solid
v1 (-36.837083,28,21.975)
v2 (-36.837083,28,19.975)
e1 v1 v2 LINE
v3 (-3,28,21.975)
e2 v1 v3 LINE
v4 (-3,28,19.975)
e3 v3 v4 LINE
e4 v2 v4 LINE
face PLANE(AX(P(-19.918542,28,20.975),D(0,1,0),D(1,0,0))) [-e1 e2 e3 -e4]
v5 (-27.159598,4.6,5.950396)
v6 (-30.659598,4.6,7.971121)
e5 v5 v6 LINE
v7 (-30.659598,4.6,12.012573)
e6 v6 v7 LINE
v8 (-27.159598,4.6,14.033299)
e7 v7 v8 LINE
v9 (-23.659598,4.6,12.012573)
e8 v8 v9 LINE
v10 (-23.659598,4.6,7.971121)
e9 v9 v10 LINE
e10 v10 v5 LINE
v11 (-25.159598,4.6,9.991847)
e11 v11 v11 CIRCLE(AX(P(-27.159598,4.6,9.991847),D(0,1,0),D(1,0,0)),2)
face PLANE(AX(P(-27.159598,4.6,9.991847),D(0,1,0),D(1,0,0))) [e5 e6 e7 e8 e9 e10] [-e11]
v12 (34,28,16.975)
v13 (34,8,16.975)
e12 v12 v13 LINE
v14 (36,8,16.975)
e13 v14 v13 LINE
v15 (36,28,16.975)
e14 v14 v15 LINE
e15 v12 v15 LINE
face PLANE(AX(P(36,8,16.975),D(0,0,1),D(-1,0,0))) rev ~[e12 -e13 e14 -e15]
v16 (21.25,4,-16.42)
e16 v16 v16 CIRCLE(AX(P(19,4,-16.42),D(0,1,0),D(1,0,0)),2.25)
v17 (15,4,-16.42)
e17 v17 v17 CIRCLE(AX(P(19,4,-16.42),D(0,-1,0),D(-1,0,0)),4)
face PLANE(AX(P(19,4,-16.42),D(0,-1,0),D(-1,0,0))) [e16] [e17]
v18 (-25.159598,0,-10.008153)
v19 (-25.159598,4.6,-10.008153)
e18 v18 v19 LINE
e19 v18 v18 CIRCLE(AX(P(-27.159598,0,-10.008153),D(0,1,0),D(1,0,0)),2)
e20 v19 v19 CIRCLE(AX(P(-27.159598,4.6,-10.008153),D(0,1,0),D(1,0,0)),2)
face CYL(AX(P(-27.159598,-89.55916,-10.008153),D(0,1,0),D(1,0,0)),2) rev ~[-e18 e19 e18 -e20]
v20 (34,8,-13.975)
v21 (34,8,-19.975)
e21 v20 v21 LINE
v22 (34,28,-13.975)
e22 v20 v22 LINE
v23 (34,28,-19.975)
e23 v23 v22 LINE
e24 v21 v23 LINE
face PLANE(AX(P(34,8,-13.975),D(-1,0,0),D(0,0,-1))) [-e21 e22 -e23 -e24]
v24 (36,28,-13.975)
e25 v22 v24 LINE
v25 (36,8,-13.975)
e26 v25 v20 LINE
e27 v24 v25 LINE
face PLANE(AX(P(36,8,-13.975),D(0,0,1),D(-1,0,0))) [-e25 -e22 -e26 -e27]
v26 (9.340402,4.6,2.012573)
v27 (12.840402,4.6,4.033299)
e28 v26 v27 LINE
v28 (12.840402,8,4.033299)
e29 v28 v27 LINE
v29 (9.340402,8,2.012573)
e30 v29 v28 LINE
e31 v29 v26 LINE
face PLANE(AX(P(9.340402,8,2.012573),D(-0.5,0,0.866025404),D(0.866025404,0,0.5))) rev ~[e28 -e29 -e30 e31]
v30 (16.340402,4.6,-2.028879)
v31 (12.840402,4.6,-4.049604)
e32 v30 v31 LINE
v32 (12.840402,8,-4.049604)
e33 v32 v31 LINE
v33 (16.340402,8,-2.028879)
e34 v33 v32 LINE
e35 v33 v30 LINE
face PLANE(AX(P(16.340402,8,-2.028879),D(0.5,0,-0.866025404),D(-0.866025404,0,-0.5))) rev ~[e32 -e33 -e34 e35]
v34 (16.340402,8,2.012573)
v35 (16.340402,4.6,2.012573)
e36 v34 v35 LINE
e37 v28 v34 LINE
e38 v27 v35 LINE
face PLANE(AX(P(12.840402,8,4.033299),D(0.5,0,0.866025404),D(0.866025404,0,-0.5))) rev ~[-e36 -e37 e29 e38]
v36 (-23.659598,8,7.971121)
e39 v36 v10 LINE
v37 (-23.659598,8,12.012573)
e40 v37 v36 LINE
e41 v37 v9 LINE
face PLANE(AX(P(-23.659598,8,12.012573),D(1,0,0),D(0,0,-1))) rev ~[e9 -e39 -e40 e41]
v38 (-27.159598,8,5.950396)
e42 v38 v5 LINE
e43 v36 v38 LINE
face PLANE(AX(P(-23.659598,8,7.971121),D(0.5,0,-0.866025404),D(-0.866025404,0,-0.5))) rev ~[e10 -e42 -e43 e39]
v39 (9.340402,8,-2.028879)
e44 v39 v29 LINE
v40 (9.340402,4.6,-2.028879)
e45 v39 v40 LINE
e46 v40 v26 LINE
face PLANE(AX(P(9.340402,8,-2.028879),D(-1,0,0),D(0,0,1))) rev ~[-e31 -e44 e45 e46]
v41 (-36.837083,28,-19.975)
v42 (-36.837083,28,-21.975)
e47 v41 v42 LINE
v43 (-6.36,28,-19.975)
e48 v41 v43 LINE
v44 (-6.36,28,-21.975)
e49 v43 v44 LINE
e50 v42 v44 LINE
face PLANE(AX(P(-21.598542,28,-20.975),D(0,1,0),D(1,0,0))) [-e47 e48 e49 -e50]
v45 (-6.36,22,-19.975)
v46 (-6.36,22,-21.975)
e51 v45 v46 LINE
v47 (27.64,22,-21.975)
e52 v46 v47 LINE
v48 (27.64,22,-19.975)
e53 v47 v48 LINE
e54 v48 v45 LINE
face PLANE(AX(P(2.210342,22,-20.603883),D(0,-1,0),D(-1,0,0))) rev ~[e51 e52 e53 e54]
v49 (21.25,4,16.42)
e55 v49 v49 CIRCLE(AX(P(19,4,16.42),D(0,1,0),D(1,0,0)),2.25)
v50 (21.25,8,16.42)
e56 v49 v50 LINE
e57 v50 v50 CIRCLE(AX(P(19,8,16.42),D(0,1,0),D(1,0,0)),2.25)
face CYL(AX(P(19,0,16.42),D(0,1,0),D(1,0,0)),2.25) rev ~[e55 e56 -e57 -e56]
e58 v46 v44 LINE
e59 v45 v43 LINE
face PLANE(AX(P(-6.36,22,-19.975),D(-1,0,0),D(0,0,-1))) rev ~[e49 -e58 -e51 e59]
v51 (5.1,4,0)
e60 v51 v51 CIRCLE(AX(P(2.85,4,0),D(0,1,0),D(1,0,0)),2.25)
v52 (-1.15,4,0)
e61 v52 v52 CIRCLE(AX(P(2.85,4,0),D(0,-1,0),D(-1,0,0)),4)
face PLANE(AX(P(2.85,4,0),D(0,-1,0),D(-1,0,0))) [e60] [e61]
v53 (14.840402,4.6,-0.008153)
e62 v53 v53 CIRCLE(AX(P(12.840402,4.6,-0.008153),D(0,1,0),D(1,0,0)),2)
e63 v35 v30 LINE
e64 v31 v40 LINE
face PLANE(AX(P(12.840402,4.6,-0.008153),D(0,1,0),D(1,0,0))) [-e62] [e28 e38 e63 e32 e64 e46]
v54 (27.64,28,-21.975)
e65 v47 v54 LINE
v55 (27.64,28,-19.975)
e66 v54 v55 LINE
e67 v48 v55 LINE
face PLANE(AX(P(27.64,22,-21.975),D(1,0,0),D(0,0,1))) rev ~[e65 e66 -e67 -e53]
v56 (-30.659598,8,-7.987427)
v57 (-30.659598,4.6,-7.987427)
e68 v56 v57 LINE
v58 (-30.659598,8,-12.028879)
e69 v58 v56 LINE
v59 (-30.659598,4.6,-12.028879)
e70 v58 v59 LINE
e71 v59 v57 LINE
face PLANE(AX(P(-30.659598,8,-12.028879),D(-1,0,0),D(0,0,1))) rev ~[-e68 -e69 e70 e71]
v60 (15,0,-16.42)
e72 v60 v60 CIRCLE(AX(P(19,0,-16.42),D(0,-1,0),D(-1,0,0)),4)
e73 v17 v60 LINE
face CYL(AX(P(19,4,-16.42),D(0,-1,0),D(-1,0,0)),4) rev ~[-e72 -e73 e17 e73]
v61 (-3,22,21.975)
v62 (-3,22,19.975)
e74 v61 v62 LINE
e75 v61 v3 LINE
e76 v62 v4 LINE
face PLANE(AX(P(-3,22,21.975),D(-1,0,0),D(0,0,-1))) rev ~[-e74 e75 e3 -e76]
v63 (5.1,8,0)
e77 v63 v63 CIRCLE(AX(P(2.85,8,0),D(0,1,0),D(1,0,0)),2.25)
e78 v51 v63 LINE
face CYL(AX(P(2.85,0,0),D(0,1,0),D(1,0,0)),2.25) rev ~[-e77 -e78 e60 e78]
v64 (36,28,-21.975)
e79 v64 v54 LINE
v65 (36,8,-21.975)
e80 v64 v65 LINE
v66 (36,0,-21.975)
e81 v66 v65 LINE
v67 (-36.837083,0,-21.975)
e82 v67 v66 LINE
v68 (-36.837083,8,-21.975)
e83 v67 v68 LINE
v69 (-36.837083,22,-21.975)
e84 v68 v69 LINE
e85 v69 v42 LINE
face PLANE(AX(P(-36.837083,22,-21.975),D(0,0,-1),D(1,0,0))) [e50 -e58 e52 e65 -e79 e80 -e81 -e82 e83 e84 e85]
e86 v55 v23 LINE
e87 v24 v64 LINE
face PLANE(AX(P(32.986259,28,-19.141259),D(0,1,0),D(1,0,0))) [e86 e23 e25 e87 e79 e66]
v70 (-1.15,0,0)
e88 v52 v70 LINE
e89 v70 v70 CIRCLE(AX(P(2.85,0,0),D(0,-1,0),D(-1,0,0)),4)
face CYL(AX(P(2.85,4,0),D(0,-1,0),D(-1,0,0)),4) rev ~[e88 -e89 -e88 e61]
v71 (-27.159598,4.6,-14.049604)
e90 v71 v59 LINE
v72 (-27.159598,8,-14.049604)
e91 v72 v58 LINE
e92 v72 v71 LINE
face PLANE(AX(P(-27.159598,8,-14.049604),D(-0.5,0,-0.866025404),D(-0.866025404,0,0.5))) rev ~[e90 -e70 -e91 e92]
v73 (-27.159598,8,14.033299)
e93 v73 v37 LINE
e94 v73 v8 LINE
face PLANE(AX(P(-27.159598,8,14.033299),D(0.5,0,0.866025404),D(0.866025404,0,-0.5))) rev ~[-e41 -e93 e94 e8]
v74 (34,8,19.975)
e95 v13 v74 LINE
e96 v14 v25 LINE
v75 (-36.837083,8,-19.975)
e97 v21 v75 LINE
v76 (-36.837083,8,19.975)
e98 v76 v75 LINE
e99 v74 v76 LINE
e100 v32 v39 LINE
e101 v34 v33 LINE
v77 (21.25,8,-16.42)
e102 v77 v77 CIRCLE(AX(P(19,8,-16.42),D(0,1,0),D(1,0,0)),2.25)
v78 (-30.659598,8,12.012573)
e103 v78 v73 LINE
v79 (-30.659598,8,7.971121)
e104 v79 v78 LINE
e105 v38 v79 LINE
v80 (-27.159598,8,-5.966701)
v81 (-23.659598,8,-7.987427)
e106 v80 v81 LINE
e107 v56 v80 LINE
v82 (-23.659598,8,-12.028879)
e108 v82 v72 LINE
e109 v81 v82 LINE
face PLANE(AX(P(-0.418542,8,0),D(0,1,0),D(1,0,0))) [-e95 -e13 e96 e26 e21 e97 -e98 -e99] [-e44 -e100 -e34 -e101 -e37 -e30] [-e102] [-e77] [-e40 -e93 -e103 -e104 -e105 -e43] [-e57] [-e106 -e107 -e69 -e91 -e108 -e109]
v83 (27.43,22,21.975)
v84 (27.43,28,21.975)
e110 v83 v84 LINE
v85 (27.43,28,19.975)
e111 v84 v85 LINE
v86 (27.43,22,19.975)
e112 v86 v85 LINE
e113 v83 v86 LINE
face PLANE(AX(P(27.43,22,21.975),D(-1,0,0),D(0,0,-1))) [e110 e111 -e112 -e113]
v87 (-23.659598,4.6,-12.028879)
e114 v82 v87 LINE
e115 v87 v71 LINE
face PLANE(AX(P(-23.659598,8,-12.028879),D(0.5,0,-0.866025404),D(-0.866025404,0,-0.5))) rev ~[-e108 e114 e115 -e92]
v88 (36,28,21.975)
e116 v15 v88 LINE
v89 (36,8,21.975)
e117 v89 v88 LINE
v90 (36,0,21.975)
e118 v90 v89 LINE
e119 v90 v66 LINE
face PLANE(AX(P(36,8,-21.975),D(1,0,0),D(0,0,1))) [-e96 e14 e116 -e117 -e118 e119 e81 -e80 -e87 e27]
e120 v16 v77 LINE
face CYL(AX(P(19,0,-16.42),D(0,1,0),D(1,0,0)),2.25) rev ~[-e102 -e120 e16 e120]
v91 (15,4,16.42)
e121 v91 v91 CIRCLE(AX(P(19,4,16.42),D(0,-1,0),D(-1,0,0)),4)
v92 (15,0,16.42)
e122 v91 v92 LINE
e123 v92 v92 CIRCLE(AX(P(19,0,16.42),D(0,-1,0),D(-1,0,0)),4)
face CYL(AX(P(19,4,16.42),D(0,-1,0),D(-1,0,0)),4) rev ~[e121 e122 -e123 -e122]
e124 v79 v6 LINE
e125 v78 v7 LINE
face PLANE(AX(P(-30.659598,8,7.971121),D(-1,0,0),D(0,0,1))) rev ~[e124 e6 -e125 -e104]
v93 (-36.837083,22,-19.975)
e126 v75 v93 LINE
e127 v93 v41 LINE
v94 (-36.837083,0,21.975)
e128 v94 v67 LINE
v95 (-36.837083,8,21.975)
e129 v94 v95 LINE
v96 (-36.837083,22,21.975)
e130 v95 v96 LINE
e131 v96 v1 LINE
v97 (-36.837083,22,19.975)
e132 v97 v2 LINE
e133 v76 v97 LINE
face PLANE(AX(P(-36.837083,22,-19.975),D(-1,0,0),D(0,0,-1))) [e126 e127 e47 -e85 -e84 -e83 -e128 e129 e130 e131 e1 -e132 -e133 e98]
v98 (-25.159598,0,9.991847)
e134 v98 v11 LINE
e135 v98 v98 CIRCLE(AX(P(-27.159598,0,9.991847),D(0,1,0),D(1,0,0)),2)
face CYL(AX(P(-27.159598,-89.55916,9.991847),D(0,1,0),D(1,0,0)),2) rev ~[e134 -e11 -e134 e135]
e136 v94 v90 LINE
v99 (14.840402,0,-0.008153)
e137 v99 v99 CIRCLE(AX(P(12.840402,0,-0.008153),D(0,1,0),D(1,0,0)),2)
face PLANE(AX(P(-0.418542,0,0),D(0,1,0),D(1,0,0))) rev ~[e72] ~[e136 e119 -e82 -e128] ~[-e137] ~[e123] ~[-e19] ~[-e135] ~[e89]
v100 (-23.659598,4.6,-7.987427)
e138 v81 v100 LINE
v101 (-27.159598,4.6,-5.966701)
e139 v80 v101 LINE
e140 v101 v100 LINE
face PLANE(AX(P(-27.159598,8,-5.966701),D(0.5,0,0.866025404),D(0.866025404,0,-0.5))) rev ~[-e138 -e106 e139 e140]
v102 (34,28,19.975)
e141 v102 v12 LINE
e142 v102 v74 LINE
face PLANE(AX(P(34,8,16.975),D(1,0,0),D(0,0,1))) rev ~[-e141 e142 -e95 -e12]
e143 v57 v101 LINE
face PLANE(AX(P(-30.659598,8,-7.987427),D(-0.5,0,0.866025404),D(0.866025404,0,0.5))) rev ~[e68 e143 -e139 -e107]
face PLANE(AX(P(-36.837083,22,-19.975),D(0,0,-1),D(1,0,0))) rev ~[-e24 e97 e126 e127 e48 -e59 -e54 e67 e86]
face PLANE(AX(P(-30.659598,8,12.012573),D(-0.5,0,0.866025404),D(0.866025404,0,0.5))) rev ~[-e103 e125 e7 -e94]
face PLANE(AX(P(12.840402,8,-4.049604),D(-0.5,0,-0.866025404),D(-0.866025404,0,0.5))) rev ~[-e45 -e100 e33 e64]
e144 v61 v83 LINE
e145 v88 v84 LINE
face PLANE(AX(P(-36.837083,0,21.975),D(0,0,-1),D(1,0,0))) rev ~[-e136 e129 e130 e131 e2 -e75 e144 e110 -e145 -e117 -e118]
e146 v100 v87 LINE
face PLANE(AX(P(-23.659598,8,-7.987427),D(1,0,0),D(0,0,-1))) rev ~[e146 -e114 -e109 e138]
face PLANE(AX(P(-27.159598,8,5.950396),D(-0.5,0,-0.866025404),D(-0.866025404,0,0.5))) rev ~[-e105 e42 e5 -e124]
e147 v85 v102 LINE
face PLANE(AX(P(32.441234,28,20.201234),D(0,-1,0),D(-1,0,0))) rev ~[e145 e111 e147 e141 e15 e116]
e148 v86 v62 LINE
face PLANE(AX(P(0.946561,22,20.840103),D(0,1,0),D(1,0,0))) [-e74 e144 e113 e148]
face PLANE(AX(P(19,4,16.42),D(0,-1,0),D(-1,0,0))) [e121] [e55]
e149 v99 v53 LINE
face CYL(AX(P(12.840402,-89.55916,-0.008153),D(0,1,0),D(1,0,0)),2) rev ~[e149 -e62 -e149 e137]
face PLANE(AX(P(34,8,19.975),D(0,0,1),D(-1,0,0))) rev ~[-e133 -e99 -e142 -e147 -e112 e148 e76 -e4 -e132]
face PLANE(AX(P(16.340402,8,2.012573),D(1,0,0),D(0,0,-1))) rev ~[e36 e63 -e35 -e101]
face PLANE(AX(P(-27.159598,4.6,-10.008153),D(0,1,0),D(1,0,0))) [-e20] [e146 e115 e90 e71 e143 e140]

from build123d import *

# Parameters (mm, degrees)
SKETCH4_W                      = 72.837083297
SKETCH4_H                      = 43.95
BOSS_EXTRUDE1_DEPTH            = 8
BOSS_EXTRUDE2_DEPTH            = 14
SKETCH6_W                      = 30.477083297
SKETCH6_H                      = 2
SKETCH6_W_2                    = 33.837083297
BOSS_EXTRUDE3_DEPTH            = 6
CBORE_FOR_M4_SHCS1_D           = 4.5
CBORE_FOR_M4_SHCS1_CBORE_D     = 8
CBORE_FOR_M4_SHCS1_CBORE_DEPTH = 4
F_4_0MM_DOWEL_HOLE1_D          = 4
CUT_EXTRUDE1_DEPTH             = 3.4


with BuildPart() as part:
    # Sketch4 → Boss-Extrude1 (new body)
    with BuildSketch(Plane(origin=(0, 0, 0), x_dir=(1, 0, 0), z_dir=(0, 1, 0))):
        with Locations((-0.418541648, 0)):
            Rectangle(SKETCH4_W, SKETCH4_H)
    extrude(amount=BOSS_EXTRUDE1_DEPTH)

    # Sketch5 → Boss-Extrude2 (add)
    with BuildSketch(Plane(origin=(0, 8, 0), x_dir=(1, 0, 0), z_dir=(0, 1, 0))):
        Polygon((36, 13.975), (34, 13.975), (34, 19.975), (-36.837083297, 19.975), (-36.837083297, 21.975), (36, 21.975), align=None)
        Polygon((-36.837083297, -21.975), (36, -21.975), (36, -16.975), (34, -16.975), (34, -19.975), (-36.837083297, -19.975), align=None)
    extrude(amount=BOSS_EXTRUDE2_DEPTH)

    # Sketch6 → Boss-Extrude3 (add)
    with BuildSketch(Plane(origin=(0, 22, 0), x_dir=(1, 0, 0), z_dir=(0, 1, 0))):
        with Locations((-21.598541648, 20.975)):
            Rectangle(SKETCH6_W, SKETCH6_H)
        Polygon((36, 21.975), (27.64, 21.975), (27.64, 19.975), (34, 19.975), (34, 13.975), (36, 13.975), align=None)
        Polygon((36, -21.975), (27.43, -21.975), (27.43, -19.975), (34, -19.975), (34, -16.975), (36, -16.975), align=None)
        with Locations((-19.918541648, -20.975)):
            Rectangle(SKETCH6_W_2, SKETCH6_H)
    extrude(amount=BOSS_EXTRUDE3_DEPTH)

    # CBORE for M4 SHCS1 (through all)
    with Locations(Plane(origin=(0, 0, 0), x_dir=(-1, 0, 0), z_dir=(0, -1, 0))):
        with Locations((-2.85, 0), (-19, 16.42), (-19, -16.42)):
            CounterBoreHole(CBORE_FOR_M4_SHCS1_D / 2, CBORE_FOR_M4_SHCS1_CBORE_D / 2, CBORE_FOR_M4_SHCS1_CBORE_DEPTH)

    # Ø4.0mm Dowel Hole1 (through all)
    with Locations(Plane(origin=(0, 0, 0), x_dir=(-1, 0, 0), z_dir=(0, -1, 0))):
        with Locations((-12.84040165, 0.00815259), (27.15959835, 10.00815259), (27.15959835, -9.99184741)):
            Hole(F_4_0MM_DOWEL_HOLE1_D / 2)

    # Sketch12 → Cut-Extrude1 (cut)
    with BuildSketch(Plane(origin=(0, 8, 0), x_dir=(1, 0, 0), z_dir=(0, 1, 0))):
        Polygon((12.84040165, 4.049604475), (9.34040165, 2.028878533), (9.34040165, -2.012573352), (12.84040165, -4.033299294), (16.34040165, -2.012573352), (16.34040165, 2.028878533), align=None)
        Polygon((-27.15959835, 14.049604475), (-30.65959835, 12.028878533), (-30.65959835, 7.987426648), (-27.15959835, 5.966700706), (-23.65959835, 7.987426648), (-23.65959835, 12.028878533), align=None)
        Polygon((-27.15959835, -5.950395525), (-30.65959835, -7.971121467), (-30.65959835, -12.012573352), (-27.15959835, -14.033299294), (-23.65959835, -12.012573352), (-23.65959835, -7.971121467), align=None)
    extrude(amount=-CUT_EXTRUDE1_DEPTH, mode=Mode.SUBTRACT)


solid = part.part
